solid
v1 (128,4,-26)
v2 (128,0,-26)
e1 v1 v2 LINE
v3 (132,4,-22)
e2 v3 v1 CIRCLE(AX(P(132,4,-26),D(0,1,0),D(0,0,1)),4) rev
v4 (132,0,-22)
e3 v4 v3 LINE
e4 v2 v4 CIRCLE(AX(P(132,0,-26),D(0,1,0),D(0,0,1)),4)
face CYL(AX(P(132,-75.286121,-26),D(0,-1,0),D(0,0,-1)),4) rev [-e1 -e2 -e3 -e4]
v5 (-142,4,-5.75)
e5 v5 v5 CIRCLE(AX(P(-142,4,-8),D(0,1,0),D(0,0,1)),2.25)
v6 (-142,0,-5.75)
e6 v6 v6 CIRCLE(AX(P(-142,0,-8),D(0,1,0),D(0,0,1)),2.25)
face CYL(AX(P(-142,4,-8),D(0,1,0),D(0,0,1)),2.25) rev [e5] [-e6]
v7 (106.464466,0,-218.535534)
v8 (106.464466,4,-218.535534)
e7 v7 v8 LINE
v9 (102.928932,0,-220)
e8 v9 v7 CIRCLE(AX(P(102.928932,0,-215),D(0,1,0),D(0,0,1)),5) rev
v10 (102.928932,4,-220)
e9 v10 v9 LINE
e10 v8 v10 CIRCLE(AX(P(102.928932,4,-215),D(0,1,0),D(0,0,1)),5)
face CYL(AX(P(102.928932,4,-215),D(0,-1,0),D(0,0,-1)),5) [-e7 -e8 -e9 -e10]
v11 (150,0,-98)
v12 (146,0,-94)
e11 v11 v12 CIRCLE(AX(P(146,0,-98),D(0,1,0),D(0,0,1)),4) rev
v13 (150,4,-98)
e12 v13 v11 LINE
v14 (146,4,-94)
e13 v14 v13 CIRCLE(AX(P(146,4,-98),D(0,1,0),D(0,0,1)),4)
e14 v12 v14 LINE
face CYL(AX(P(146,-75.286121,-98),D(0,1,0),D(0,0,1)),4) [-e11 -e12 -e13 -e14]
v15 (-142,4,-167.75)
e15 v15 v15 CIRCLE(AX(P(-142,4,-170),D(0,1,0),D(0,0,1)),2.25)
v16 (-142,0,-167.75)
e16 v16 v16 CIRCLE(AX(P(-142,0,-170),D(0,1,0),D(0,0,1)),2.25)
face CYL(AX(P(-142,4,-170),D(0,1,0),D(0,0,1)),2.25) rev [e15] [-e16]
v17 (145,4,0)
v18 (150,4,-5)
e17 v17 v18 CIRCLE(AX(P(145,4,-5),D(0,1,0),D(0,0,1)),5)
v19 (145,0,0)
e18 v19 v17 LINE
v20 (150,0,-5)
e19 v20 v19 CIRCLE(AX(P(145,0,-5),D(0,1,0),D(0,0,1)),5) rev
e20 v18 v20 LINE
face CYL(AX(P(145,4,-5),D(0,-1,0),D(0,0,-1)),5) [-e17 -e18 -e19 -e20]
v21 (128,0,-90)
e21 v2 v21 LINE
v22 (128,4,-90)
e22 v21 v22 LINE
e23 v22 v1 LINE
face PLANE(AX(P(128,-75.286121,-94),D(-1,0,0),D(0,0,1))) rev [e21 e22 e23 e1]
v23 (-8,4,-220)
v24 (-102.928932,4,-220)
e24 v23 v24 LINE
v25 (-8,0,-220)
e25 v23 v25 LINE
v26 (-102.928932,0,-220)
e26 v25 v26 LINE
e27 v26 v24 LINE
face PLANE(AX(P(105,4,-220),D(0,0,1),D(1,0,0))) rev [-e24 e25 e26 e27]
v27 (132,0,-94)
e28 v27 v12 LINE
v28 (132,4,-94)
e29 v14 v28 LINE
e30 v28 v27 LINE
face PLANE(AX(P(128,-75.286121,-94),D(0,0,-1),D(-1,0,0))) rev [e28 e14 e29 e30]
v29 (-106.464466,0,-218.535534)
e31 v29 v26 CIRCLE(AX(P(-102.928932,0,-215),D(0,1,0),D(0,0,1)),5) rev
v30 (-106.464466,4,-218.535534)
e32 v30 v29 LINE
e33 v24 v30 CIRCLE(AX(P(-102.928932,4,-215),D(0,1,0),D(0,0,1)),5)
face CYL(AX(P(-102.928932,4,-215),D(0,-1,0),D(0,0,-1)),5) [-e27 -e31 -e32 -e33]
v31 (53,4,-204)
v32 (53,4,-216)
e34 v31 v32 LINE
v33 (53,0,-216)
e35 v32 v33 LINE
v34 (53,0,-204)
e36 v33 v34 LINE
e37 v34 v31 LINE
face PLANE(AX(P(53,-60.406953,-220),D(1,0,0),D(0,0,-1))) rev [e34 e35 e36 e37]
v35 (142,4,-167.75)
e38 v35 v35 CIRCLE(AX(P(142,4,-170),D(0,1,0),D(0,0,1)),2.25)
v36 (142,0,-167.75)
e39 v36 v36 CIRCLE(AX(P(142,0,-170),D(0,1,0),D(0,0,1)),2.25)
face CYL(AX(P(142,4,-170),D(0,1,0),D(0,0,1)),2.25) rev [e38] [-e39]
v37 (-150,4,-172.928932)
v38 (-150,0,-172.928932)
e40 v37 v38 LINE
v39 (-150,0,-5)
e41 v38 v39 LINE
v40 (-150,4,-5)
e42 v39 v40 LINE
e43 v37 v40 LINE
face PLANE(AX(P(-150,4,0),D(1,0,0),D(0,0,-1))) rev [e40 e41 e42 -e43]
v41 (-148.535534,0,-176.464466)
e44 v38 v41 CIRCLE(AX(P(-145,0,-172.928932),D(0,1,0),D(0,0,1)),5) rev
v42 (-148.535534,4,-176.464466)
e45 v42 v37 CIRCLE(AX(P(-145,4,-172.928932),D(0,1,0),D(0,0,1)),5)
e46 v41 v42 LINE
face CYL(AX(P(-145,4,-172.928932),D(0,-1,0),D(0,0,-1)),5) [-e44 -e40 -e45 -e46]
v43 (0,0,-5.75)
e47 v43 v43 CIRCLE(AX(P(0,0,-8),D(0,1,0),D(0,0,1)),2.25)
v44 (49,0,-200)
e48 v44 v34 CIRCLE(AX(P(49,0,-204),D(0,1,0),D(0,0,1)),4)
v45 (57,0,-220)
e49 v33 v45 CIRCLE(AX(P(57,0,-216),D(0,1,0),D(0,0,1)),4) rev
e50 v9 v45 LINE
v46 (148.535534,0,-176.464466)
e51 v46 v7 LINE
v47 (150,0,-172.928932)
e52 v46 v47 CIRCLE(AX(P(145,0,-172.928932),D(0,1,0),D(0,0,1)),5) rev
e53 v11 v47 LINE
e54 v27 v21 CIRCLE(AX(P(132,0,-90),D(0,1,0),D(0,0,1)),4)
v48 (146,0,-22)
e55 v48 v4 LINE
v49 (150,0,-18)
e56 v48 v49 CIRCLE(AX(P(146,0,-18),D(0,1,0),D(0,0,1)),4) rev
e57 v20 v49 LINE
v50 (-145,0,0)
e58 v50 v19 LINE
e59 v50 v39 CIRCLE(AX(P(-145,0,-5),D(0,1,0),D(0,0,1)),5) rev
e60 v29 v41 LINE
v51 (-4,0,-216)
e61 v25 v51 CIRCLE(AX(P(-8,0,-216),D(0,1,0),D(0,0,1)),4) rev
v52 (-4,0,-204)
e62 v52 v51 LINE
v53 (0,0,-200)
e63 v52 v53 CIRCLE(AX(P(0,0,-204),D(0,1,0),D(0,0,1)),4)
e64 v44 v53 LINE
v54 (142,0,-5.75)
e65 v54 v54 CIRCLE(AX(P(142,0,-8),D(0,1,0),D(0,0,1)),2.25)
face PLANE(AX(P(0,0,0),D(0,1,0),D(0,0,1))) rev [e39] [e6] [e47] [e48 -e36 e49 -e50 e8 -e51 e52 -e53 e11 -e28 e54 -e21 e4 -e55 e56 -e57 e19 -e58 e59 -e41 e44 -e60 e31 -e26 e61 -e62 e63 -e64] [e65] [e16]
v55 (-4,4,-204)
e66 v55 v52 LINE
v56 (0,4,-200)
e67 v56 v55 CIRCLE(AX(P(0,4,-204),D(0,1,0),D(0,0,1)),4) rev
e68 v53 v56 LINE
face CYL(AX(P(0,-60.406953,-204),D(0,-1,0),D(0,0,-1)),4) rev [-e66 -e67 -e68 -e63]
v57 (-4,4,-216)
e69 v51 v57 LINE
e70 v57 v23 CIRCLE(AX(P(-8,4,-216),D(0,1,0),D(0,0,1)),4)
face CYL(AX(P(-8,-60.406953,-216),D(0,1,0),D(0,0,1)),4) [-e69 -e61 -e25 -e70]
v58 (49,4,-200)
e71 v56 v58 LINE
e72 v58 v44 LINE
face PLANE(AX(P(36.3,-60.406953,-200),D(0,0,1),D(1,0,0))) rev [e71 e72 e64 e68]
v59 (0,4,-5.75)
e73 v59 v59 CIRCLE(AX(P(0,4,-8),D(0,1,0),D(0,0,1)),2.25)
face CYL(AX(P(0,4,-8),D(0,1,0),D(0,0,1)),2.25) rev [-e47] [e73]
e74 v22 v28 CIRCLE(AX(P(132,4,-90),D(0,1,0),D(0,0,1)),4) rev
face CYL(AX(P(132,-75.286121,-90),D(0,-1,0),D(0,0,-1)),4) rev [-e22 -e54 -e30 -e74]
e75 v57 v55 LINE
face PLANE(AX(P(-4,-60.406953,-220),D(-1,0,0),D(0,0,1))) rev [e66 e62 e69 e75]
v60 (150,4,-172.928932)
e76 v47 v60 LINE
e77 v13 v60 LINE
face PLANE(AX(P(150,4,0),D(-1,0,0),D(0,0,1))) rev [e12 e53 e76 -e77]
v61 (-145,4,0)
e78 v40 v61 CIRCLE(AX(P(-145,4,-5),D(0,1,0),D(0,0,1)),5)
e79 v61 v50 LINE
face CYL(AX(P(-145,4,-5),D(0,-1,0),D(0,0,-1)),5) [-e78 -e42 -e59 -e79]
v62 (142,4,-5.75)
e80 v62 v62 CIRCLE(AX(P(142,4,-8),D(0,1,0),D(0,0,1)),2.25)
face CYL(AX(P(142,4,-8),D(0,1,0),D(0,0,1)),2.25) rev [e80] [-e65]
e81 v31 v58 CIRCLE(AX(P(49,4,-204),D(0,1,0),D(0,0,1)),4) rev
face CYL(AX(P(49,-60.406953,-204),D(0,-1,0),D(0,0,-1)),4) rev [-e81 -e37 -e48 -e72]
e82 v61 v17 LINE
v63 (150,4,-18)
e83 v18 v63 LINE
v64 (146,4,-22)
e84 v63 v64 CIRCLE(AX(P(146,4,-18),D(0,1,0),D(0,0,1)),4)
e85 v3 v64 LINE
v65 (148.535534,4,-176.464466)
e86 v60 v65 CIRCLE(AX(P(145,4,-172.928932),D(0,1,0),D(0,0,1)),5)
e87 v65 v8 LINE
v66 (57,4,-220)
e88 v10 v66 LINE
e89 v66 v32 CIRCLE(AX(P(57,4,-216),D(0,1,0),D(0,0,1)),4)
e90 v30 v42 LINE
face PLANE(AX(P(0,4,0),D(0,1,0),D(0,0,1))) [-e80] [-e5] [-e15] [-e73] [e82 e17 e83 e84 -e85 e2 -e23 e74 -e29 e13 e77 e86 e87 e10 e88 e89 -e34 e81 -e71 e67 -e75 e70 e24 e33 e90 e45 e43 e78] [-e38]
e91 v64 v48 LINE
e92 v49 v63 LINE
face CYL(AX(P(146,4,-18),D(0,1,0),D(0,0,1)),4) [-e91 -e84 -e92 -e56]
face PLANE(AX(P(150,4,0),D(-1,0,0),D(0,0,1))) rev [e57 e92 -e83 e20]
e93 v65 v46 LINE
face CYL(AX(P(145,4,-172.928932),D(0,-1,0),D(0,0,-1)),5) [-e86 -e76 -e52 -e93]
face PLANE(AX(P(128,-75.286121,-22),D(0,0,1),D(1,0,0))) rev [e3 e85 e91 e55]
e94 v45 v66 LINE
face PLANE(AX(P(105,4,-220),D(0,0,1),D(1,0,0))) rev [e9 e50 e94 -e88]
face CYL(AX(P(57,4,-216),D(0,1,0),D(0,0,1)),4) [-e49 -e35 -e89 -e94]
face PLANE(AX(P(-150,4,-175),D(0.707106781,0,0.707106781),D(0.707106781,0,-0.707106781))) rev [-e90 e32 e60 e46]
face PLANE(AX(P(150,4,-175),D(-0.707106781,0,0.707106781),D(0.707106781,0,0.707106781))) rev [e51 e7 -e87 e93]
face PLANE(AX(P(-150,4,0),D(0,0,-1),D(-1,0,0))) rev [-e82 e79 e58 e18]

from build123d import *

# Parameters (mm, degrees)
MAIN_EXTRUSION_DEPTH    = 4
CORNER_LEAVE_R          = 5
D_GAGEMENT_M41_D        = 4.5
ESQUISSE4_W             = 22
ESQUISSE4_H             = 72
ENL_V_MAT_EXTRU_1_DEPTH = 4
ENL_V_MAT_EXTRU_2_DEPTH = 4
CONG_1_R                = 4


with BuildPart() as part:
    # Main scetch → Main extrusion (new body)
    with BuildSketch(Plane(origin=(0, 0, 0), x_dir=(1, 0, 0), z_dir=(0, 1, 0))):
        Polygon((-150, 0), (150, 0), (150, 175), (105, 220), (-105, 220), (-150, 175), align=None)
    extrude(amount=MAIN_EXTRUSION_DEPTH)

    # Corner leave
    corner_leave_edges = [part.edges().sort_by_distance(p)[0] for p in [
        (150, 2, 0),
        (-150, 2, 0),
        (-150, 2, -175),
        (-105, 2, -220),
        (105, 2, -220),
        (150, 2, -175),
    ]]
    fillet(corner_leave_edges, radius=CORNER_LEAVE_R)

    # Dégagement M41 (through all)
    with Locations(Plane(origin=(0, 4, 0), x_dir=(1, 0, 0), z_dir=(0, 1, 0))):
        with Locations((-142, 8), (-142, 170), (142, 170), (142, 8), (0, 8)):
            Hole(D_GAGEMENT_M41_D / 2)

    # Esquisse4 → Enlèv. mat.-Extru.1 (cut)
    with BuildSketch(Plane(origin=(0, 4, 0), x_dir=(1, 0, 0), z_dir=(0, 1, 0))):
        with Locations((139, 58)):
            Rectangle(ESQUISSE4_W, ESQUISSE4_H)
    extrude(amount=-ENL_V_MAT_EXTRU_1_DEPTH, mode=Mode.SUBTRACT)

    # Esquisse5 → Enlèv. mat.-Extru.2 (cut)
    with BuildSketch(Plane(origin=(0, 4, 0), x_dir=(1, 0, 0), z_dir=(0, 1, 0))):
        Polygon((36.3, 200), (53, 200), (53, 220), (-4, 220), (-4, 200), align=None)
    extrude(amount=-ENL_V_MAT_EXTRU_2_DEPTH, mode=Mode.SUBTRACT)

    # Congé1
    cong_1_edges = [part.edges().sort_by_distance(p)[0] for p in [
        (150, 2, -94),
        (150, 2, -22),
        (128, 2, -22),
        (128, 2, -94),
        (53, 2, -220),
        (53, 2, -200),
        (-4, 2, -200),
        (-4, 2, -220),
    ]]
    fillet(cong_1_edges, radius=CONG_1_R)


solid = part.part
